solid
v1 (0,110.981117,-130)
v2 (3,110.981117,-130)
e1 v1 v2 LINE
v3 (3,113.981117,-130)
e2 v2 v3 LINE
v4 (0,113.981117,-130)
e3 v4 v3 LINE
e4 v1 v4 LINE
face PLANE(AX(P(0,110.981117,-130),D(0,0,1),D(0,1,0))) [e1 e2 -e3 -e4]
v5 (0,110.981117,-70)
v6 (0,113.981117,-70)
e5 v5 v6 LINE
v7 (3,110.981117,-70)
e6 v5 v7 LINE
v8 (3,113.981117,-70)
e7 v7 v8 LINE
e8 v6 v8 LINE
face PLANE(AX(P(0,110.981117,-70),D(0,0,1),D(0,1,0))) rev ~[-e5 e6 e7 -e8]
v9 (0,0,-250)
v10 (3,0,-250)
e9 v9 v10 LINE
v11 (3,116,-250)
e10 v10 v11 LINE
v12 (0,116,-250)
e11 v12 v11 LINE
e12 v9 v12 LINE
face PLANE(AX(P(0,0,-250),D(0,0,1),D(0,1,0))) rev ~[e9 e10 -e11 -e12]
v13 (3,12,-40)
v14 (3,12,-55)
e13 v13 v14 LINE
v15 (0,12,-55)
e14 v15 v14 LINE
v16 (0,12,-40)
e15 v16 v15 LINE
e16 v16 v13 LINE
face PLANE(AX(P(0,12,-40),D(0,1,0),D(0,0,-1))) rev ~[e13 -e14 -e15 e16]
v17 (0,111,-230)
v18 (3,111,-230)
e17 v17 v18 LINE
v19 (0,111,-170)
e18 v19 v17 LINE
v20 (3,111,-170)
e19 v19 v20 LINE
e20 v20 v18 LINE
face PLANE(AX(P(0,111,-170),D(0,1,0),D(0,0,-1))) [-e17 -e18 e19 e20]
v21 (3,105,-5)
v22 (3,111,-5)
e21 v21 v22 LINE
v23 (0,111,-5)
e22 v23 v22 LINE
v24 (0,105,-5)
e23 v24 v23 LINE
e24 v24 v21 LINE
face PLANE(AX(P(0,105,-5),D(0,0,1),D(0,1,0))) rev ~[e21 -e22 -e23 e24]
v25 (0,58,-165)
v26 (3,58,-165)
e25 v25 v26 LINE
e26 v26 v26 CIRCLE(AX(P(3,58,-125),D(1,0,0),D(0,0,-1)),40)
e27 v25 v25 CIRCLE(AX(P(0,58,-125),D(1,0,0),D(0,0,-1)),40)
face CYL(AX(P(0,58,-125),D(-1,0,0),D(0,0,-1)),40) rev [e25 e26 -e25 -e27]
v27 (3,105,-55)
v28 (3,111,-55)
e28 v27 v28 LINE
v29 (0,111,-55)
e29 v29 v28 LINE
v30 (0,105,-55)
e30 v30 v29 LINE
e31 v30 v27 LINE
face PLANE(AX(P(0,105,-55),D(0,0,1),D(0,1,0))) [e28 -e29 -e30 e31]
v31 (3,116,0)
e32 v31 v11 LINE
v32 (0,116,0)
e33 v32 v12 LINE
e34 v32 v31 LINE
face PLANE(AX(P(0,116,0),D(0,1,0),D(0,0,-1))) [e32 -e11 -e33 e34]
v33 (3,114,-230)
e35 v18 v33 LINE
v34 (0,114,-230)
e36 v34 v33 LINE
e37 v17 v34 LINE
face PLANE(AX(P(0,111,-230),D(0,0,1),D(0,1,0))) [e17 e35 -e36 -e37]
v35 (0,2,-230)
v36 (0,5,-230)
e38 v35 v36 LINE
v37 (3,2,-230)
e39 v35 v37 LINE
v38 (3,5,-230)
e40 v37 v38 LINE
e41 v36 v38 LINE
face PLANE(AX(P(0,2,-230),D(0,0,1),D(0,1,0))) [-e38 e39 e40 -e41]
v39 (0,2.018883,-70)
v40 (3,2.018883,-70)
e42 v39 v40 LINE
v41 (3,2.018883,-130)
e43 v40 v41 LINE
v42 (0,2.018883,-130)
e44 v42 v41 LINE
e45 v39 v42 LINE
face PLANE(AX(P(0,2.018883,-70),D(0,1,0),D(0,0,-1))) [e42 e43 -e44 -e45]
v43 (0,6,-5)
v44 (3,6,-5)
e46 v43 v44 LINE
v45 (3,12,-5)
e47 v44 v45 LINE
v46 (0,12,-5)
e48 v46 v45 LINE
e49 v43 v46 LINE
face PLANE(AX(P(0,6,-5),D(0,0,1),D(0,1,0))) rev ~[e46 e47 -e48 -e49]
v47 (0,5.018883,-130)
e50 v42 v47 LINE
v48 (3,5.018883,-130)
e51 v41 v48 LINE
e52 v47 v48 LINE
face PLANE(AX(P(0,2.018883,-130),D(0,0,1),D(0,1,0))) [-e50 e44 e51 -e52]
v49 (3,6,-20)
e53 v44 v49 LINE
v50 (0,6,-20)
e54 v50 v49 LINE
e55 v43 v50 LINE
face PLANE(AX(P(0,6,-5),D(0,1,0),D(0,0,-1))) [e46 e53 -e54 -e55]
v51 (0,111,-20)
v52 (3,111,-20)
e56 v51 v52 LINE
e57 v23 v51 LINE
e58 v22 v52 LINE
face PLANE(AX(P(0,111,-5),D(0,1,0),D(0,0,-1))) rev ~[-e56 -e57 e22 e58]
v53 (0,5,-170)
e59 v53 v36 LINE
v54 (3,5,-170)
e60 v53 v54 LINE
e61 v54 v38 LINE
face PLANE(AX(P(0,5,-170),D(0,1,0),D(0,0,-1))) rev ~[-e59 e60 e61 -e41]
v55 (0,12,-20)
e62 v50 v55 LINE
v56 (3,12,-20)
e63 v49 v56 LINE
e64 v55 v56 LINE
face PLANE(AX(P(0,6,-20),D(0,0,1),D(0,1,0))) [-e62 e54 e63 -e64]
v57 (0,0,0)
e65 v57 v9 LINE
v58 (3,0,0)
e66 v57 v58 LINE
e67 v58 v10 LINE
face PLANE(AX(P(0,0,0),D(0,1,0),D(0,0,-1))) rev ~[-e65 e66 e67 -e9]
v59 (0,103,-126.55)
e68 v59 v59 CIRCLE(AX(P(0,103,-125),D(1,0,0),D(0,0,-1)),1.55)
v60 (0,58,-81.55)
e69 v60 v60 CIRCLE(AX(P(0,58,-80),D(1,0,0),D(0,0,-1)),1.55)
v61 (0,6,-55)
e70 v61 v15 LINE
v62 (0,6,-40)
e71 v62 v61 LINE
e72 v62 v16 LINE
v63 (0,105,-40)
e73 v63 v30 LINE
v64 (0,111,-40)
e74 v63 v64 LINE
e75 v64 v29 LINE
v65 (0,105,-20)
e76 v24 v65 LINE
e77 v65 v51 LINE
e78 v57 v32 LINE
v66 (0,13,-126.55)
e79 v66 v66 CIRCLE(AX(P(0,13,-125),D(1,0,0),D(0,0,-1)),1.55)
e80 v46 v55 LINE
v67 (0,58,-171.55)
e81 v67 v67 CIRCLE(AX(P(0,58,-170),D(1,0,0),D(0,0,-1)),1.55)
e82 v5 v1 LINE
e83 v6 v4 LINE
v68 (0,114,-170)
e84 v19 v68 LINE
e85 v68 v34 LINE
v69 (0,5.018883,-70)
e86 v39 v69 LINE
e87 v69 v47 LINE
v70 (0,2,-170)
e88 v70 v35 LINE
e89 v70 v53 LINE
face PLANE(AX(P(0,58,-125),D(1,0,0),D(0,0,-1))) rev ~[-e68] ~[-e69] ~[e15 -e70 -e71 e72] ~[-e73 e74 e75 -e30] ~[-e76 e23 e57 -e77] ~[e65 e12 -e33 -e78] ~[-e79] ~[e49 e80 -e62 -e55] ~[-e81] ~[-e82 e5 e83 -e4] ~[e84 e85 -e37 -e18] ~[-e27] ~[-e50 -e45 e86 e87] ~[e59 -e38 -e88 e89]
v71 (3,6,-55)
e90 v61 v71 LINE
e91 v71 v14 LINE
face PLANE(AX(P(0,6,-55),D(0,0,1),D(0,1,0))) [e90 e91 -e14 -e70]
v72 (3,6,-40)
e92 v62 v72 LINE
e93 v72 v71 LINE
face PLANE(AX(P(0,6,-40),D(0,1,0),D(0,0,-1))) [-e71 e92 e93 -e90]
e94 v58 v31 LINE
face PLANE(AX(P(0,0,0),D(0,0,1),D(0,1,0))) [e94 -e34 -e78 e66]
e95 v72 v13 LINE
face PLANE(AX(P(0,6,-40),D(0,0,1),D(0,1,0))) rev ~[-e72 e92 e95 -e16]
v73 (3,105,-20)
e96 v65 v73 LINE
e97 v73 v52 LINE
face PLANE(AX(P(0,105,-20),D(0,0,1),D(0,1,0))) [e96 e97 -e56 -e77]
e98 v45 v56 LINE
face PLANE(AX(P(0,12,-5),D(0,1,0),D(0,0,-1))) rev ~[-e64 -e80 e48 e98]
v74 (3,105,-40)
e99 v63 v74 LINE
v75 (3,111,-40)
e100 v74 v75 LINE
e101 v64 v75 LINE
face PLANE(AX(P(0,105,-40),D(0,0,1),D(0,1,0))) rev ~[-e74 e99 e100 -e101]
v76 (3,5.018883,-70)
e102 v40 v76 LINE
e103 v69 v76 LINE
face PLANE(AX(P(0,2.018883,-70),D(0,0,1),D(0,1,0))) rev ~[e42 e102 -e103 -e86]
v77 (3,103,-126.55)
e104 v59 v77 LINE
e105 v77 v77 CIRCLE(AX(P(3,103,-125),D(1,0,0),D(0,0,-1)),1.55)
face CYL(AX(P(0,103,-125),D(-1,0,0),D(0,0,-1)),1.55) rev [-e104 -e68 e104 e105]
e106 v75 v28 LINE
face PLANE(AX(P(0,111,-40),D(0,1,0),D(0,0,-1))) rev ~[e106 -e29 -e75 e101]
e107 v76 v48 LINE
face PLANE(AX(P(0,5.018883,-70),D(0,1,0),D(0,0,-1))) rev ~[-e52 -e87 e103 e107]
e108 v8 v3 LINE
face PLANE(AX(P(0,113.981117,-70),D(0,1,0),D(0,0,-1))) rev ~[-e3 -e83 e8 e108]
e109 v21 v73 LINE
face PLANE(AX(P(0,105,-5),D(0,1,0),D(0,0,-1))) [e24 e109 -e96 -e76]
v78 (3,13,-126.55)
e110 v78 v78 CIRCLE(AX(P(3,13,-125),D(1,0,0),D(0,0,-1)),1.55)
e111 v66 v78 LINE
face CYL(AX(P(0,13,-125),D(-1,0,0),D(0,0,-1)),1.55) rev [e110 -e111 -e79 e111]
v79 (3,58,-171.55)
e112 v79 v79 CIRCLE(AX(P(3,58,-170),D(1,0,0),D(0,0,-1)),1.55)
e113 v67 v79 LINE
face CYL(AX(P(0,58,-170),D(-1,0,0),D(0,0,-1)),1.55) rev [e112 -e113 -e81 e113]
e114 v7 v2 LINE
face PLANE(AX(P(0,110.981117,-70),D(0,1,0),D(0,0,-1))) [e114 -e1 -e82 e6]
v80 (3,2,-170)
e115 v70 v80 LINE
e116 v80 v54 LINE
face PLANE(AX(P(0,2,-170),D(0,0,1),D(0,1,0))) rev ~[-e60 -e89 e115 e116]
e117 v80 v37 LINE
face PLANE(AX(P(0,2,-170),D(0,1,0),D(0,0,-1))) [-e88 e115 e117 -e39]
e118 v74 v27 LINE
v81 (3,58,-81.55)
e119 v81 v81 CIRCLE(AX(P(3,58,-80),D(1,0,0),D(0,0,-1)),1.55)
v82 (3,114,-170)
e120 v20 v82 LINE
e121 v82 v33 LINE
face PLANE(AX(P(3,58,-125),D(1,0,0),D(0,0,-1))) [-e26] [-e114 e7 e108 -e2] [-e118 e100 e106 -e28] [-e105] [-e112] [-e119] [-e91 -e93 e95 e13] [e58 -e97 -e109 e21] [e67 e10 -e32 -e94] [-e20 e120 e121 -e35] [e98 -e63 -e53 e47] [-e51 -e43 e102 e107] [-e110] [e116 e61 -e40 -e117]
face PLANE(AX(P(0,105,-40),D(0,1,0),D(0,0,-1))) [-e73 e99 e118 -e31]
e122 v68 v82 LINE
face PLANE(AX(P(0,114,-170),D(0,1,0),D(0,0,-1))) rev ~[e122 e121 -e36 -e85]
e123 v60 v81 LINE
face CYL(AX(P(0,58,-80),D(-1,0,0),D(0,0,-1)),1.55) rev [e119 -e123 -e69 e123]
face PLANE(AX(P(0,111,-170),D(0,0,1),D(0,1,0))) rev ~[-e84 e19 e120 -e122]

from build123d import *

# Parameters (mm, degrees)
ESQUISSE1_W        = 250
ESQUISSE1_H        = 116
ESQUISSE1_R        = 40
ESQUISSE1_R_2      = 1.55
ESQUISSE1_W_2      = 15
ESQUISSE1_H_2      = 6
ESQUISSE1_W_3      = 60
ESQUISSE1_H_3      = 3
BOSS_EXTRU_1_DEPTH = 3


with BuildPart() as part:
    # Esquisse1 → Boss.-Extru.1 (new body)
    with BuildSketch(Plane(origin=(0, 0, 0), x_dir=(0, 0, -1), z_dir=(1, 0, 0))):
        with Locations((125, 58)):
            Rectangle(ESQUISSE1_W, ESQUISSE1_H)
        with Locations((125, 58)):
            Circle(ESQUISSE1_R, mode=Mode.SUBTRACT)
        with Locations((125, 103)):
            Circle(ESQUISSE1_R_2, mode=Mode.SUBTRACT)
        with Locations((125, 13)):
            Circle(ESQUISSE1_R_2, mode=Mode.SUBTRACT)
        with Locations((80, 58)):
            Circle(ESQUISSE1_R_2, mode=Mode.SUBTRACT)
        with Locations((170, 58)):
            Circle(ESQUISSE1_R_2, mode=Mode.SUBTRACT)
        with Locations((12.5, 108)):
            Rectangle(ESQUISSE1_W_2, ESQUISSE1_H_2, mode=Mode.SUBTRACT)
        with Locations((12.5, 9)):
            Rectangle(ESQUISSE1_W_2, ESQUISSE1_H_2, mode=Mode.SUBTRACT)
        with Locations((47.5, 108)):
            Rectangle(ESQUISSE1_W_2, ESQUISSE1_H_2, mode=Mode.SUBTRACT)
        with Locations((47.5, 9)):
            Rectangle(ESQUISSE1_W_2, ESQUISSE1_H_2, mode=Mode.SUBTRACT)
        with Locations((100, 112.481116732)):
            Rectangle(ESQUISSE1_W_3, ESQUISSE1_H_3, mode=Mode.SUBTRACT)
        with Locations((200, 112.5)):
            Rectangle(ESQUISSE1_W_3, ESQUISSE1_H_3, mode=Mode.SUBTRACT)
        with Locations((100, 3.518883268)):
            Rectangle(ESQUISSE1_W_3, ESQUISSE1_H_3, mode=Mode.SUBTRACT)
        with Locations((200, 3.5)):
            Rectangle(ESQUISSE1_W_3, ESQUISSE1_H_3, mode=Mode.SUBTRACT)
    extrude(amount=BOSS_EXTRU_1_DEPTH)


solid = part.part
